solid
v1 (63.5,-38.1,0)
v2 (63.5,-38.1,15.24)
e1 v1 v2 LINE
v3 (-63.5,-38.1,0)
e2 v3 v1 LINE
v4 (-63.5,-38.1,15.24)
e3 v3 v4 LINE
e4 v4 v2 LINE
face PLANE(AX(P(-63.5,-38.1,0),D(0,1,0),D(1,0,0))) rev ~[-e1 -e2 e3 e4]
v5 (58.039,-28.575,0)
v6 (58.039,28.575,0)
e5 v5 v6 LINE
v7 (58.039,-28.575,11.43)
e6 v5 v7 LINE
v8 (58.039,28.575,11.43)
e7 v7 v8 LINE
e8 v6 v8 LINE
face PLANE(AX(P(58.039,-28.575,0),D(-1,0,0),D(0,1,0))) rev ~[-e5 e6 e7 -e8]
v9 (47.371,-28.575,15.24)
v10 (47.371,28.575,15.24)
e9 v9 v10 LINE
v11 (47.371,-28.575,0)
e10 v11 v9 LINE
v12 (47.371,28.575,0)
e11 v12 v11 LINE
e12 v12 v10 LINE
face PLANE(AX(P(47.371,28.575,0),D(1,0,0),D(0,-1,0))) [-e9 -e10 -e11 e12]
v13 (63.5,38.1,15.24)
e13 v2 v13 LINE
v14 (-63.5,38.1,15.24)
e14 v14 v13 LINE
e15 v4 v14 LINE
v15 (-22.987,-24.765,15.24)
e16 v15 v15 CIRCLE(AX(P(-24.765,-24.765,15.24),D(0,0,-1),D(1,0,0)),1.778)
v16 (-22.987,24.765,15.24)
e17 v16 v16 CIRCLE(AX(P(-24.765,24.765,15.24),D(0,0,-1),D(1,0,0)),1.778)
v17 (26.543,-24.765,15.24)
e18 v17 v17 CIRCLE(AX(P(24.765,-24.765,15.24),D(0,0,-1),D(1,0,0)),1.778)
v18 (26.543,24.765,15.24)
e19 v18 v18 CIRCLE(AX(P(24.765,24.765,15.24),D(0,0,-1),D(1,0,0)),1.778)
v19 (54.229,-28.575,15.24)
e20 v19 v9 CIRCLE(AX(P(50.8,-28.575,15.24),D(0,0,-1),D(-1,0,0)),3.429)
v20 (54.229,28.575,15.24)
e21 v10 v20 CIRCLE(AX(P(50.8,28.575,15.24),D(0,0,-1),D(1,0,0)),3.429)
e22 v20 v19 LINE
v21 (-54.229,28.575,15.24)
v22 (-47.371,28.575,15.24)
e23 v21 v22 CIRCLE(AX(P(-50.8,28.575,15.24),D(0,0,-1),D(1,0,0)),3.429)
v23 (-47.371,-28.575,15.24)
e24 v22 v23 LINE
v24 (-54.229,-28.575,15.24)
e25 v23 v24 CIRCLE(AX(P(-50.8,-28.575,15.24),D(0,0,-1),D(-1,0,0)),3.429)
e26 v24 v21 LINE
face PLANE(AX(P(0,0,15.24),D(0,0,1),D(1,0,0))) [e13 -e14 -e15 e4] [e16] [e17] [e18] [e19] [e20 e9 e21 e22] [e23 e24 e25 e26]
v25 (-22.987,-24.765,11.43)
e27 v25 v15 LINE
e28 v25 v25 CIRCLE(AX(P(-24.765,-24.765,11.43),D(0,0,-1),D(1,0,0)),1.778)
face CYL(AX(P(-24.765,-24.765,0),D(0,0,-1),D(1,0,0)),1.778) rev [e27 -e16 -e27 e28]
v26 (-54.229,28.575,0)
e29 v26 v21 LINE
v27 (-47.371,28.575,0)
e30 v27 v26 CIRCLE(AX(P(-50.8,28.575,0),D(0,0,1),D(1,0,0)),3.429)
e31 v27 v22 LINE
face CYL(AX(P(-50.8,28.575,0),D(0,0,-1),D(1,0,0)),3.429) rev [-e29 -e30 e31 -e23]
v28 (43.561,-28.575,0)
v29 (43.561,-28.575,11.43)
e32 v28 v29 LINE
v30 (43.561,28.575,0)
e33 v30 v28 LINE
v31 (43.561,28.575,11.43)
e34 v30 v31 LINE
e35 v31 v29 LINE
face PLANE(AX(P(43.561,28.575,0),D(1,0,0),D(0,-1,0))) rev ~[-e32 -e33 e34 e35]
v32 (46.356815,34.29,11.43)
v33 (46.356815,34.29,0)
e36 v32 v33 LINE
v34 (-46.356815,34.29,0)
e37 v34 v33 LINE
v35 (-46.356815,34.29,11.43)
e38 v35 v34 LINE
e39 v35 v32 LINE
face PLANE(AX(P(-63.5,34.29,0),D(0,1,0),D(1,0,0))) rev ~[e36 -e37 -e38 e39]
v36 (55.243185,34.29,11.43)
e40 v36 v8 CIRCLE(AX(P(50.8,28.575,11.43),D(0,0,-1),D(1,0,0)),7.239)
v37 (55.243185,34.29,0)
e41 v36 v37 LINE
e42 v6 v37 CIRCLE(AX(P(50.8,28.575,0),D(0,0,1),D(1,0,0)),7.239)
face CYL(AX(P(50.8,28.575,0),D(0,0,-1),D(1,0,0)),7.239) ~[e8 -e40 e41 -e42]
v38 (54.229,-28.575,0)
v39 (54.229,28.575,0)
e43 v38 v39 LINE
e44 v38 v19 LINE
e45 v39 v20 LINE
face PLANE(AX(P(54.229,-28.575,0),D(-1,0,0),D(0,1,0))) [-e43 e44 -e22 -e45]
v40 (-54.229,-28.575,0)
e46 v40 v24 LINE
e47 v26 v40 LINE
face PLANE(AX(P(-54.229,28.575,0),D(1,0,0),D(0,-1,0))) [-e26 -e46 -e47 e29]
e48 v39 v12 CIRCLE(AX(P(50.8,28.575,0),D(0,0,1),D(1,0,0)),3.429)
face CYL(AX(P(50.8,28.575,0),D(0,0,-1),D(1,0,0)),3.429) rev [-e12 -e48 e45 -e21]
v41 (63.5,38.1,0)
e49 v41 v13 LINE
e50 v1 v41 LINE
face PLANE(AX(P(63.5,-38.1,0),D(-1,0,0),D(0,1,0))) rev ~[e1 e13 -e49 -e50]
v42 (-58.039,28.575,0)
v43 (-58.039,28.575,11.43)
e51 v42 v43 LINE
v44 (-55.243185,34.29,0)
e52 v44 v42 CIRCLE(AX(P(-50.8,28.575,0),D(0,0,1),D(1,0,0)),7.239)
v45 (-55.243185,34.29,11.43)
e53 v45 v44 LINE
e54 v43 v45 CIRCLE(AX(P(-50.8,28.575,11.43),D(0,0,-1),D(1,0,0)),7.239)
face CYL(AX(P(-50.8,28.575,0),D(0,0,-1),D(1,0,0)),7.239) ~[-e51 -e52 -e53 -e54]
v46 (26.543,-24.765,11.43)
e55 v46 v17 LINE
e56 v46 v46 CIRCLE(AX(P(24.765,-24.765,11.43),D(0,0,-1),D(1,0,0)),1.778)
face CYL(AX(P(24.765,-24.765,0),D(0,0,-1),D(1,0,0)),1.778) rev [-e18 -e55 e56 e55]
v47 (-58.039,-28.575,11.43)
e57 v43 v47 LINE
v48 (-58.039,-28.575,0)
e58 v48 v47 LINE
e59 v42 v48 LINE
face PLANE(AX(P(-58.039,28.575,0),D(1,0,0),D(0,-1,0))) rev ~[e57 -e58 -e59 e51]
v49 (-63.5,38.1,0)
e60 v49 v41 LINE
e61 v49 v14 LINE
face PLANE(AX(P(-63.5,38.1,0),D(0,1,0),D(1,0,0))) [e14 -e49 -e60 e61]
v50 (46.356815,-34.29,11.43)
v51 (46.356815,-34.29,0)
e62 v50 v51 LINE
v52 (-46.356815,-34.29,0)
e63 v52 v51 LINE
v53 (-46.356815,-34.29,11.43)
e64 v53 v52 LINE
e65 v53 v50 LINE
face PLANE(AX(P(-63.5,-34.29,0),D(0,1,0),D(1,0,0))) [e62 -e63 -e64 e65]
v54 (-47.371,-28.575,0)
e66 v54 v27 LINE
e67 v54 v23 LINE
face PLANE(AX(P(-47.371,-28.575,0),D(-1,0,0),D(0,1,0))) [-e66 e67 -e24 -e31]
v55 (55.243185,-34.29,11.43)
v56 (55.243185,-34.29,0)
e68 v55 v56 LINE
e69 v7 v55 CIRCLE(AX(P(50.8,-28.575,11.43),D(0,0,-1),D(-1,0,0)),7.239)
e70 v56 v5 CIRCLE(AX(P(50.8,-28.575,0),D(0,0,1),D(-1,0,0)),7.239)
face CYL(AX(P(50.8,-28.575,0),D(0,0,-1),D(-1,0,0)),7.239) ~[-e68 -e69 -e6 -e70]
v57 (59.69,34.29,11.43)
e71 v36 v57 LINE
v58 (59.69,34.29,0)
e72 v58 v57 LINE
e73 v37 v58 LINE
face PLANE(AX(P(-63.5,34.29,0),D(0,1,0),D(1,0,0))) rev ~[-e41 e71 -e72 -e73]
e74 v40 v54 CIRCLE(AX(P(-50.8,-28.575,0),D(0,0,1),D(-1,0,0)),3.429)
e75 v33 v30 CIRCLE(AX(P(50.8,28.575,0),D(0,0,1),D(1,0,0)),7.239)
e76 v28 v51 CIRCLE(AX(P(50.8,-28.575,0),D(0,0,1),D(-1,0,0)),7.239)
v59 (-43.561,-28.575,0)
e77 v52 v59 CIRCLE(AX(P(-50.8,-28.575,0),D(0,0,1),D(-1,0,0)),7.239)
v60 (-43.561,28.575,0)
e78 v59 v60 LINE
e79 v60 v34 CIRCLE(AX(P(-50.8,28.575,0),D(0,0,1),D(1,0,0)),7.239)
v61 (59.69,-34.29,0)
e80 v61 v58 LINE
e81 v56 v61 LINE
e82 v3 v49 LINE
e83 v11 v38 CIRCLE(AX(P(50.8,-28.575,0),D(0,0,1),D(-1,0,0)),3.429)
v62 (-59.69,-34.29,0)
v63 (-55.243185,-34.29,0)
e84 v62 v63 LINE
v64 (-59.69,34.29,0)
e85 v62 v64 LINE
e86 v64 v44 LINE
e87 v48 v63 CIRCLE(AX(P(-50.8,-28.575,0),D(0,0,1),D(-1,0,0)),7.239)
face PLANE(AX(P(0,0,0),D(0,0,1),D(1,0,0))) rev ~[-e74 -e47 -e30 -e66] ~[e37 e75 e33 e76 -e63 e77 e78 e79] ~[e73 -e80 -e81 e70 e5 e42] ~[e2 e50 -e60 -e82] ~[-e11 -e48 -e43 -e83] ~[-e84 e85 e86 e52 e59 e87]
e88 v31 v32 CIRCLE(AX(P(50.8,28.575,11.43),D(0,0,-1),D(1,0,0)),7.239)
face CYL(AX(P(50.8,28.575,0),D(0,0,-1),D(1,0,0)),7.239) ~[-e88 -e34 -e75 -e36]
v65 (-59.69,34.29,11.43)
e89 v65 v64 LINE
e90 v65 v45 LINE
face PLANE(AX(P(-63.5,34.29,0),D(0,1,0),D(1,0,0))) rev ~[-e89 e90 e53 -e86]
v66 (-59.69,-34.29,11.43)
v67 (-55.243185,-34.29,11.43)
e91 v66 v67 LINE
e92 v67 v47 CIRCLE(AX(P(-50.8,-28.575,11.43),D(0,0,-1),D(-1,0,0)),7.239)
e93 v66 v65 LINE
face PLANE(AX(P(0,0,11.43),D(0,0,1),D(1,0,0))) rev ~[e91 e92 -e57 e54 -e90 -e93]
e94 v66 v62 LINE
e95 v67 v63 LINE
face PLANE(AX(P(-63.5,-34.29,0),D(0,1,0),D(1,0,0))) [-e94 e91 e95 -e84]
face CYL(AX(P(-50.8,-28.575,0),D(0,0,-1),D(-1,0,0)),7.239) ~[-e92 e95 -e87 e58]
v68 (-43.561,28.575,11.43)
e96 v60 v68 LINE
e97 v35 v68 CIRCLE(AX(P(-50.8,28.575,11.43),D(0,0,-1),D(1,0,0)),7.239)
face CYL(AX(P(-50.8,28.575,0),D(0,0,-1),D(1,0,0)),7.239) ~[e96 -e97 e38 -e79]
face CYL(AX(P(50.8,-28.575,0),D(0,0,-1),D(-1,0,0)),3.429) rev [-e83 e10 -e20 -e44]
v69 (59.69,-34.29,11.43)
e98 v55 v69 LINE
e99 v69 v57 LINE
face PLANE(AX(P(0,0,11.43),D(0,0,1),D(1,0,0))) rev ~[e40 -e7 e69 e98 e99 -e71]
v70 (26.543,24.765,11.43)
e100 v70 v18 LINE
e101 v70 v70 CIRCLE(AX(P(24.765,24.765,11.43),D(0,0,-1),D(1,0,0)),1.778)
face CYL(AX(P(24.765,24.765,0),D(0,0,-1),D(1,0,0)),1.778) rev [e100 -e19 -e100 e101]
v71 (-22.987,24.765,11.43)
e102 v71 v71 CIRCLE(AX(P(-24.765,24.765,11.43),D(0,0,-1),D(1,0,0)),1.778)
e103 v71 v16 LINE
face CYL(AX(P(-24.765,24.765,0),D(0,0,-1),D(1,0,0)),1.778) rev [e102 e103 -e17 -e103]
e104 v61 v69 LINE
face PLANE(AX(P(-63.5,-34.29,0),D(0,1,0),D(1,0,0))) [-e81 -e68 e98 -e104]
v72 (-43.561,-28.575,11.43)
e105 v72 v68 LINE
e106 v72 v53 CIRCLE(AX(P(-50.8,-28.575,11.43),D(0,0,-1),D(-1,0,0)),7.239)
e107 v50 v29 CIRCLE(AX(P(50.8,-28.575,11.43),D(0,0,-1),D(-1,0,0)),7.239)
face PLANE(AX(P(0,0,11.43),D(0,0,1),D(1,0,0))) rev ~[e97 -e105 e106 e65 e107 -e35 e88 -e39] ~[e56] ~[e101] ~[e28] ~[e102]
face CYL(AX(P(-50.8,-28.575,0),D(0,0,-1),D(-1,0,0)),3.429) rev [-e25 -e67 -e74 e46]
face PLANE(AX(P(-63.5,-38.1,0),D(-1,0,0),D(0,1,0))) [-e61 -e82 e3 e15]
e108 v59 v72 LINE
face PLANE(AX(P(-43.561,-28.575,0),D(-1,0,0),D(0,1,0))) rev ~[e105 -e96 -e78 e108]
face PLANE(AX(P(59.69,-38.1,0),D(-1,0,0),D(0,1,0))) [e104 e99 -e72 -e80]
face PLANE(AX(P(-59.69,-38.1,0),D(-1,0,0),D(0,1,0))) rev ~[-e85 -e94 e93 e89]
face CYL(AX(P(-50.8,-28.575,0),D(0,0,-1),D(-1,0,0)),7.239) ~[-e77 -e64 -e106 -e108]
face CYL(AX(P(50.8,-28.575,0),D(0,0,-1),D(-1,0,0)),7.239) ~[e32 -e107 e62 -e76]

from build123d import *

# Parameters (mm, degrees)
F0_W     = 127
F0_H     = 76.2
F1_DEPTH = 15.24
F3_DEPTH = 15.241
F4_T     = -3.81
F5_R     = 1.778
F6_DEPTH = 15.241


with BuildPart() as f1:
    # F0 (on Top) → F1 (new body)
    with BuildSketch(Plane.XY):
        Rectangle(F0_W, F0_H)
    extrude(amount=F1_DEPTH)

    # F2 (on Top) → F3 (cut, through all)
    with BuildSketch(Plane.XY):
        with BuildLine():
            ThreePointArc((-47.371, 28.575), (-50.8, 32.004), (-54.229, 28.575))
            Line((-54.229, 28.575), (-54.229, -28.575))
            ThreePointArc((-54.229, -28.575), (-50.8, -32.004), (-47.371, -28.575))
            Line((-47.371, -28.575), (-47.371, 28.575))
        make_face()
        with BuildLine():
            ThreePointArc((54.229, 28.575), (50.8, 32.004), (47.371, 28.575))
            Line((47.371, 28.575), (47.371, -28.575))
            ThreePointArc((47.371, -28.575), (50.8, -32.004), (54.229, -28.575))
            Line((54.229, -28.575), (54.229, 28.575))
        make_face()
    extrude(amount=F3_DEPTH, mode=Mode.SUBTRACT)

    # F4
    f4_openings = [f1.faces().sort_by_distance(p)[0] for p in [
        (0, 0, 0),
    ]]
    offset(amount=F4_T, openings=f4_openings)

    # F5 (on Top) → F6 (cut, through all)
    with BuildSketch(Plane.XY):
        with Locations((-24.765, 24.765)):
            Circle(F5_R)
        with Locations((24.765, 24.765)):
            Circle(F5_R)
        with Locations((-24.765, -24.765)):
            Circle(F5_R)
        with Locations((24.765, -24.765)):
            Circle(F5_R)
    extrude(amount=F6_DEPTH, mode=Mode.SUBTRACT)


solid = f1.part
